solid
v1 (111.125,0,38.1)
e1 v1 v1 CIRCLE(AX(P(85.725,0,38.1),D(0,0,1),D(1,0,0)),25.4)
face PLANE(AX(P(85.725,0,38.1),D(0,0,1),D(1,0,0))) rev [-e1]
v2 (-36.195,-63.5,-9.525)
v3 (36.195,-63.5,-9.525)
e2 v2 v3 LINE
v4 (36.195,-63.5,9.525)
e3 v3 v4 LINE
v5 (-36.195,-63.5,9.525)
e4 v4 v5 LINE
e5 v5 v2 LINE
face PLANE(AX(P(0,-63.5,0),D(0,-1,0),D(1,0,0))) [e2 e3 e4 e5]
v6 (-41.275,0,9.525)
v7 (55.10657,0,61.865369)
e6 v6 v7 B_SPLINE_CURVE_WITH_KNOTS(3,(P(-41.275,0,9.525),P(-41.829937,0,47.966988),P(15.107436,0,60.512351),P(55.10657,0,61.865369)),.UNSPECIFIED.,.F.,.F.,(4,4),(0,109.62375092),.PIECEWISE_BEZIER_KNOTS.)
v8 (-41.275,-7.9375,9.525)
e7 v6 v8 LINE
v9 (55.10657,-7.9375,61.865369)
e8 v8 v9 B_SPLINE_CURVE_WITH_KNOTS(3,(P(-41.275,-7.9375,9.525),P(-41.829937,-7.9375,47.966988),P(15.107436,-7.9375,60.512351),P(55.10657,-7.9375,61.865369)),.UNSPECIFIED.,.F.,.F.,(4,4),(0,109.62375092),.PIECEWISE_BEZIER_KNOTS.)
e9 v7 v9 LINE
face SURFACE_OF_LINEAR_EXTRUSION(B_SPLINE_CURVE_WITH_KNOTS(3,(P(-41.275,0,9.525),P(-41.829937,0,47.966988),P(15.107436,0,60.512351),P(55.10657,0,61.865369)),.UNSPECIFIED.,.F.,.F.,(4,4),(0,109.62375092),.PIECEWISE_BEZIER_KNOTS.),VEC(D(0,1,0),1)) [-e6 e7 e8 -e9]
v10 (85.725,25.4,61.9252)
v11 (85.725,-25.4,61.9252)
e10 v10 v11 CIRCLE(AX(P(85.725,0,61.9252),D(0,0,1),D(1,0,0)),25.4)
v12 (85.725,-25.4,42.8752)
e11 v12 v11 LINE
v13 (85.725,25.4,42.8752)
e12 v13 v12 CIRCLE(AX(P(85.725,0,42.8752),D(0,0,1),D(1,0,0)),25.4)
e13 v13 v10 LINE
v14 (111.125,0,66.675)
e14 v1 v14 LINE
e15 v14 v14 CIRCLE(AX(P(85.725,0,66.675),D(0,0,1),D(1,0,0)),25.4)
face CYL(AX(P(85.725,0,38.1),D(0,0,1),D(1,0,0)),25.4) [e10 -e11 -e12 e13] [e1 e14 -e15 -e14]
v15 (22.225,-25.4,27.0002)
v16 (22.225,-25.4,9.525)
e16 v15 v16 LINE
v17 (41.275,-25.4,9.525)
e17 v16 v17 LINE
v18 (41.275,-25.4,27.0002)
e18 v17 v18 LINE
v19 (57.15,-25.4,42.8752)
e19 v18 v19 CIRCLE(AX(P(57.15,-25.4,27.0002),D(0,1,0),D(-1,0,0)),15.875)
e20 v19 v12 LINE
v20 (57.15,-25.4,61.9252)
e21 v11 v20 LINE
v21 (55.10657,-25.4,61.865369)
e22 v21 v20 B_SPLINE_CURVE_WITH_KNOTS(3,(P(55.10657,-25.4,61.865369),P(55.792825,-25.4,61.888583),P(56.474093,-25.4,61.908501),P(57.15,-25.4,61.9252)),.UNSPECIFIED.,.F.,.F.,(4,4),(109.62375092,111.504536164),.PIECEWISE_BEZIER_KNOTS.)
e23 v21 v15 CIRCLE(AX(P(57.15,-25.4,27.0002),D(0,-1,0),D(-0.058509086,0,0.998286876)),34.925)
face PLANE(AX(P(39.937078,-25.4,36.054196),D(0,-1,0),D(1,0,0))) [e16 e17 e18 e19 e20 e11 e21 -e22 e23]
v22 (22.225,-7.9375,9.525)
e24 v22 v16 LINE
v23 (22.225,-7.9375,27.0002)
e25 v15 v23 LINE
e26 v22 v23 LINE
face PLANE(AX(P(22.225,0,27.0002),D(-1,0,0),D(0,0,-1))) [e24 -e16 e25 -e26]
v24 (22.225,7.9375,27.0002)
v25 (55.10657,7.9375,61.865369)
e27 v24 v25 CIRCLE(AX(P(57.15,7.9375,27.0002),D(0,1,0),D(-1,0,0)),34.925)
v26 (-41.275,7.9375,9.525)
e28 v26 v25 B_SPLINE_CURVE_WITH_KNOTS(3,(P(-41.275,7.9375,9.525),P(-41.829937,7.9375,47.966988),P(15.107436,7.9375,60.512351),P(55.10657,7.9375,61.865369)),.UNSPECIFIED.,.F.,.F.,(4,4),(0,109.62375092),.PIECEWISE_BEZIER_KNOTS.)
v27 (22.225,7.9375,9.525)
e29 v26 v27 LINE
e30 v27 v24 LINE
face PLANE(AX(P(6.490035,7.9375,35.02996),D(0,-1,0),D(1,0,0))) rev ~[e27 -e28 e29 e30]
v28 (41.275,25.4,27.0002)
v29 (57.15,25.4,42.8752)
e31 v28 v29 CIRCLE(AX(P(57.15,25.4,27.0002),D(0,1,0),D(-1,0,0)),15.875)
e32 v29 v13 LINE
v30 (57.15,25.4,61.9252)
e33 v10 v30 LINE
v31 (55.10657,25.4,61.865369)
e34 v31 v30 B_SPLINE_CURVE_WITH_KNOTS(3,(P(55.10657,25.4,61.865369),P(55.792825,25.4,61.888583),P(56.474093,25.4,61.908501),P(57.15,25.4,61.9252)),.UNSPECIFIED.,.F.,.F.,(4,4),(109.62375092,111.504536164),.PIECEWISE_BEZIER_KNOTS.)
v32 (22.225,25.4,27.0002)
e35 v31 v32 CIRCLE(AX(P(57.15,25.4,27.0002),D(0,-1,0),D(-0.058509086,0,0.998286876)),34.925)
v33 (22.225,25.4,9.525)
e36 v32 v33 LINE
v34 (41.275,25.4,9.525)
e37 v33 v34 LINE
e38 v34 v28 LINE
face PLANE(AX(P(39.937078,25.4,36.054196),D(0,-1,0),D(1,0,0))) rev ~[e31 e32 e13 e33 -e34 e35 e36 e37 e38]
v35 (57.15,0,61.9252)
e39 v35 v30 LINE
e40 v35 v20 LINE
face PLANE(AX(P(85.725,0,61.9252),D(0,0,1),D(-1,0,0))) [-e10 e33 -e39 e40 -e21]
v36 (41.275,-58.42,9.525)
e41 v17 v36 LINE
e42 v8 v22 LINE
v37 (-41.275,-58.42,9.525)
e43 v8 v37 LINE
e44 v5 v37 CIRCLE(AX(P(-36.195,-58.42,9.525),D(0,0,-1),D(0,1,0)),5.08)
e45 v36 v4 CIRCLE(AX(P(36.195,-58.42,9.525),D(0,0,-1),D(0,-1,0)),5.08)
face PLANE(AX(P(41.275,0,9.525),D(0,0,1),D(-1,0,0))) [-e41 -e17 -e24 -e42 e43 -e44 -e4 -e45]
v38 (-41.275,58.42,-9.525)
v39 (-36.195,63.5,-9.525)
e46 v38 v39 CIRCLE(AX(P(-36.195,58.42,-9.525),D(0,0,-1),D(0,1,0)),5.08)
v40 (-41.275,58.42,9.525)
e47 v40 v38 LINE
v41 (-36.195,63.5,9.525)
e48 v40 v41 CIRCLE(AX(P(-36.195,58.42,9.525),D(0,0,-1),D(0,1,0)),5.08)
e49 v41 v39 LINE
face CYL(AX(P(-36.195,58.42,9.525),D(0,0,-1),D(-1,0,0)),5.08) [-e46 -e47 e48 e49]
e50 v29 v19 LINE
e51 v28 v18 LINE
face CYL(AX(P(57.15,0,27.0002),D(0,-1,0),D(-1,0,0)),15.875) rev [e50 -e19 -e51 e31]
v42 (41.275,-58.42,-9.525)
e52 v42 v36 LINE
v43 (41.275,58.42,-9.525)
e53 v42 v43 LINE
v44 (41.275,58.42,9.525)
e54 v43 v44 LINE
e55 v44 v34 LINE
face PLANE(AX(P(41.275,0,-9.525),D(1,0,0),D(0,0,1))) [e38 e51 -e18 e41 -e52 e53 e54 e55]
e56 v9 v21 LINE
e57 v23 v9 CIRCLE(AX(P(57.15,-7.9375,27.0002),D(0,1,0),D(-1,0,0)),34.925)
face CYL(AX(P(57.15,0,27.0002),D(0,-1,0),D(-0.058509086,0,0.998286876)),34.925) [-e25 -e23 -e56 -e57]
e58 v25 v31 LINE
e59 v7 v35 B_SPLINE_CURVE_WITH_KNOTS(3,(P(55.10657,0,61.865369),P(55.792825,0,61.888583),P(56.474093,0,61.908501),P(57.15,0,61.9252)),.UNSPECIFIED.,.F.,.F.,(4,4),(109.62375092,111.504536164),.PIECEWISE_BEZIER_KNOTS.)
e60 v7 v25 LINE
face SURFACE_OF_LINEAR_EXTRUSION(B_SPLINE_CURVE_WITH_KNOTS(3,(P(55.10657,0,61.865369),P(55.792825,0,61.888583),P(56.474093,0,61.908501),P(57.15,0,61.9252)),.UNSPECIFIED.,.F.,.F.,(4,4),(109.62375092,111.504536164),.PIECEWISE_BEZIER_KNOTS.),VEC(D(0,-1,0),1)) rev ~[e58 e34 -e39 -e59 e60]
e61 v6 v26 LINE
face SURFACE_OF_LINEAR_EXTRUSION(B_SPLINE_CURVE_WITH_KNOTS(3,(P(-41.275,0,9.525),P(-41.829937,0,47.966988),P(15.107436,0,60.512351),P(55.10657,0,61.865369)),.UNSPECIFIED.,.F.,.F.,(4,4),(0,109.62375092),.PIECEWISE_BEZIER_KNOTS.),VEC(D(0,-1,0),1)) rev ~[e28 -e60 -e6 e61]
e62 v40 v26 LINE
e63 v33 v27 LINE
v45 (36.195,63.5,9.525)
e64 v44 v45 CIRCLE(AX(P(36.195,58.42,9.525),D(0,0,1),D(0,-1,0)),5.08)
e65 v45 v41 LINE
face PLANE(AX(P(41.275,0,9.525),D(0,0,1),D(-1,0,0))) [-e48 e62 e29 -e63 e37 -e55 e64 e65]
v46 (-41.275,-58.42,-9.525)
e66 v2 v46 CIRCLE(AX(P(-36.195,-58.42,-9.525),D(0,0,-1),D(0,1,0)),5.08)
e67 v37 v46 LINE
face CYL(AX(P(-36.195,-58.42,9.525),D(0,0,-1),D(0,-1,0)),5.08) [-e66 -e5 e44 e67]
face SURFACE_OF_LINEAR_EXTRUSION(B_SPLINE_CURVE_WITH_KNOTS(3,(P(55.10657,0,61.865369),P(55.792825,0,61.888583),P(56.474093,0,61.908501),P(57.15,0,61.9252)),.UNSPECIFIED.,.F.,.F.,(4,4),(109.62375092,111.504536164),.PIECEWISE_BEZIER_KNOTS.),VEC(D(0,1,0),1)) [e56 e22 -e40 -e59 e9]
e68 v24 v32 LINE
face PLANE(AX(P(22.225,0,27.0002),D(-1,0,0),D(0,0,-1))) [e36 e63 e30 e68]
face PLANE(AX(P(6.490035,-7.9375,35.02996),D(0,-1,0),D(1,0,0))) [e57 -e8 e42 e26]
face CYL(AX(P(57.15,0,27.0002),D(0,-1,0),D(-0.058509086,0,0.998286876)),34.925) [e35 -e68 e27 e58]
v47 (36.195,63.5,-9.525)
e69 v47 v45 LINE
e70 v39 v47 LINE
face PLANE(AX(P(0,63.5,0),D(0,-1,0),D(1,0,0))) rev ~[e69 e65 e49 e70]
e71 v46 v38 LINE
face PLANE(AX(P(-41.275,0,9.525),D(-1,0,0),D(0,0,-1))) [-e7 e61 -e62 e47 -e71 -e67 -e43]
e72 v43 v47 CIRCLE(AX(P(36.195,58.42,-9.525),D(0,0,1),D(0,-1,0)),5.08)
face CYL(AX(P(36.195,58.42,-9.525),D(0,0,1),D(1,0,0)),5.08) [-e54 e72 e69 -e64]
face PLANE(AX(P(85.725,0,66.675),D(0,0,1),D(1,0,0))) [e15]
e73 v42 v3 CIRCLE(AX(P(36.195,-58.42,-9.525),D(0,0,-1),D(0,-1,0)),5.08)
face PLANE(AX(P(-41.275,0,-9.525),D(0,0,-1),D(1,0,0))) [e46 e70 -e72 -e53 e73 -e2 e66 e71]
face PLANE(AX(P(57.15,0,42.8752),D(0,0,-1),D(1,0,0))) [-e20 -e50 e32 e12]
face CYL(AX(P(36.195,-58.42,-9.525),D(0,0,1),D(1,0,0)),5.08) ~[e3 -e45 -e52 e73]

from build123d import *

# Parameters (mm, degrees)
F1_DEPTH = 63.5
F0_W     = 25.4
F0_H     = 19.05
F2_DEPTH = 25.4
F3_DEPTH = 7.9375
F5_R     = 5.08


with BuildPart() as f1:
    # F0 (on Front) → F1 (new body, symmetric)
    with BuildSketch(Plane.XZ):
        Polygon((41.275, -9.525), (41.275, 9.525), (22.225, 9.525), (-41.275, 9.525), (-41.275, -9.525), align=None)
    extrude(amount=F1_DEPTH, both=True)

    # F0 (on Front) → F2 (join, symmetric)
    with BuildSketch(Plane.XZ):
        with BuildLine():
            Line((22.225, 9.525), (41.275, 9.525))
            Line((41.275, 9.525), (41.275, 27.0002))
            ThreePointArc((41.275, 27.0002), (45.9246798487, 38.2255201513), (57.15, 42.8752))
            Line((57.15, 42.8752), (60.325, 42.8752))
            Line((60.325, 42.8752), (60.325, 61.9252))
            Line((60.325, 61.9252), (57.15, 61.9252))
            add(Edge.make_bspline(
                [(55.1065701704, 61.8653691453), (55.7928245706, 61.8885825156), (56.4740931421, 61.9085013809), (57.15, 61.9252)],
                knots=[109.6237509197, 109.6237509197, 109.6237509197, 109.6237509197, 111.5045361635, 111.5045361635, 111.5045361635, 111.5045361635], degree=3))
            ThreePointArc((55.1065701704, 61.8653691453), (31.7421034735, 50.9625542062), (22.225, 27.0002))
            Line((22.225, 27.0002), (22.225, 9.525))
        make_face()
        with Locations((73.025, 52.4002)):
            Rectangle(F0_W, F0_H)
    extrude(amount=F2_DEPTH, both=True)

    # F0 (on Front) → F3 (join, symmetric)
    with BuildSketch(Plane.XZ):
        with BuildLine():
            Line((-41.275, 9.525), (22.225, 9.525))
            Line((22.225, 9.525), (22.225, 27.0002))
            ThreePointArc((22.225, 27.0002), (31.7421034735, 50.9625542062), (55.1065701704, 61.8653691453))
            add(Edge.make_bspline(
                [(-41.275, 9.525), (-41.8299371409, 47.9669883241), (15.1074359349, 60.5123509154), (55.1065701704, 61.8653691453)],
                knots=[0, 0, 0, 0, 109.6237509197, 109.6237509197, 109.6237509197, 109.6237509197], degree=3))
        make_face()
    extrude(amount=F3_DEPTH, both=True)

    # F0 (on Front) → F4 (revolve)
    with BuildSketch(Plane.XZ):
        Polygon((85.725, 61.9252), (85.725, 42.8752), (85.725, 38.1), (111.125, 38.1), (111.125, 66.675), (85.725, 66.675), align=None)
    revolve(axis=Axis((85.725, 0, 52.3875), (0, 0, 1)))

    # F5
    f5_edges = [f1.edges().sort_by_distance(p)[0] for p in [
        (41.275, -63.5, 0),
        (-41.275, -63.5, 0),
        (-41.275, 63.5, 0),
        (41.275, 63.5, 0),
    ]]
    fillet(f5_edges, radius=F5_R)


solid = f1.part
